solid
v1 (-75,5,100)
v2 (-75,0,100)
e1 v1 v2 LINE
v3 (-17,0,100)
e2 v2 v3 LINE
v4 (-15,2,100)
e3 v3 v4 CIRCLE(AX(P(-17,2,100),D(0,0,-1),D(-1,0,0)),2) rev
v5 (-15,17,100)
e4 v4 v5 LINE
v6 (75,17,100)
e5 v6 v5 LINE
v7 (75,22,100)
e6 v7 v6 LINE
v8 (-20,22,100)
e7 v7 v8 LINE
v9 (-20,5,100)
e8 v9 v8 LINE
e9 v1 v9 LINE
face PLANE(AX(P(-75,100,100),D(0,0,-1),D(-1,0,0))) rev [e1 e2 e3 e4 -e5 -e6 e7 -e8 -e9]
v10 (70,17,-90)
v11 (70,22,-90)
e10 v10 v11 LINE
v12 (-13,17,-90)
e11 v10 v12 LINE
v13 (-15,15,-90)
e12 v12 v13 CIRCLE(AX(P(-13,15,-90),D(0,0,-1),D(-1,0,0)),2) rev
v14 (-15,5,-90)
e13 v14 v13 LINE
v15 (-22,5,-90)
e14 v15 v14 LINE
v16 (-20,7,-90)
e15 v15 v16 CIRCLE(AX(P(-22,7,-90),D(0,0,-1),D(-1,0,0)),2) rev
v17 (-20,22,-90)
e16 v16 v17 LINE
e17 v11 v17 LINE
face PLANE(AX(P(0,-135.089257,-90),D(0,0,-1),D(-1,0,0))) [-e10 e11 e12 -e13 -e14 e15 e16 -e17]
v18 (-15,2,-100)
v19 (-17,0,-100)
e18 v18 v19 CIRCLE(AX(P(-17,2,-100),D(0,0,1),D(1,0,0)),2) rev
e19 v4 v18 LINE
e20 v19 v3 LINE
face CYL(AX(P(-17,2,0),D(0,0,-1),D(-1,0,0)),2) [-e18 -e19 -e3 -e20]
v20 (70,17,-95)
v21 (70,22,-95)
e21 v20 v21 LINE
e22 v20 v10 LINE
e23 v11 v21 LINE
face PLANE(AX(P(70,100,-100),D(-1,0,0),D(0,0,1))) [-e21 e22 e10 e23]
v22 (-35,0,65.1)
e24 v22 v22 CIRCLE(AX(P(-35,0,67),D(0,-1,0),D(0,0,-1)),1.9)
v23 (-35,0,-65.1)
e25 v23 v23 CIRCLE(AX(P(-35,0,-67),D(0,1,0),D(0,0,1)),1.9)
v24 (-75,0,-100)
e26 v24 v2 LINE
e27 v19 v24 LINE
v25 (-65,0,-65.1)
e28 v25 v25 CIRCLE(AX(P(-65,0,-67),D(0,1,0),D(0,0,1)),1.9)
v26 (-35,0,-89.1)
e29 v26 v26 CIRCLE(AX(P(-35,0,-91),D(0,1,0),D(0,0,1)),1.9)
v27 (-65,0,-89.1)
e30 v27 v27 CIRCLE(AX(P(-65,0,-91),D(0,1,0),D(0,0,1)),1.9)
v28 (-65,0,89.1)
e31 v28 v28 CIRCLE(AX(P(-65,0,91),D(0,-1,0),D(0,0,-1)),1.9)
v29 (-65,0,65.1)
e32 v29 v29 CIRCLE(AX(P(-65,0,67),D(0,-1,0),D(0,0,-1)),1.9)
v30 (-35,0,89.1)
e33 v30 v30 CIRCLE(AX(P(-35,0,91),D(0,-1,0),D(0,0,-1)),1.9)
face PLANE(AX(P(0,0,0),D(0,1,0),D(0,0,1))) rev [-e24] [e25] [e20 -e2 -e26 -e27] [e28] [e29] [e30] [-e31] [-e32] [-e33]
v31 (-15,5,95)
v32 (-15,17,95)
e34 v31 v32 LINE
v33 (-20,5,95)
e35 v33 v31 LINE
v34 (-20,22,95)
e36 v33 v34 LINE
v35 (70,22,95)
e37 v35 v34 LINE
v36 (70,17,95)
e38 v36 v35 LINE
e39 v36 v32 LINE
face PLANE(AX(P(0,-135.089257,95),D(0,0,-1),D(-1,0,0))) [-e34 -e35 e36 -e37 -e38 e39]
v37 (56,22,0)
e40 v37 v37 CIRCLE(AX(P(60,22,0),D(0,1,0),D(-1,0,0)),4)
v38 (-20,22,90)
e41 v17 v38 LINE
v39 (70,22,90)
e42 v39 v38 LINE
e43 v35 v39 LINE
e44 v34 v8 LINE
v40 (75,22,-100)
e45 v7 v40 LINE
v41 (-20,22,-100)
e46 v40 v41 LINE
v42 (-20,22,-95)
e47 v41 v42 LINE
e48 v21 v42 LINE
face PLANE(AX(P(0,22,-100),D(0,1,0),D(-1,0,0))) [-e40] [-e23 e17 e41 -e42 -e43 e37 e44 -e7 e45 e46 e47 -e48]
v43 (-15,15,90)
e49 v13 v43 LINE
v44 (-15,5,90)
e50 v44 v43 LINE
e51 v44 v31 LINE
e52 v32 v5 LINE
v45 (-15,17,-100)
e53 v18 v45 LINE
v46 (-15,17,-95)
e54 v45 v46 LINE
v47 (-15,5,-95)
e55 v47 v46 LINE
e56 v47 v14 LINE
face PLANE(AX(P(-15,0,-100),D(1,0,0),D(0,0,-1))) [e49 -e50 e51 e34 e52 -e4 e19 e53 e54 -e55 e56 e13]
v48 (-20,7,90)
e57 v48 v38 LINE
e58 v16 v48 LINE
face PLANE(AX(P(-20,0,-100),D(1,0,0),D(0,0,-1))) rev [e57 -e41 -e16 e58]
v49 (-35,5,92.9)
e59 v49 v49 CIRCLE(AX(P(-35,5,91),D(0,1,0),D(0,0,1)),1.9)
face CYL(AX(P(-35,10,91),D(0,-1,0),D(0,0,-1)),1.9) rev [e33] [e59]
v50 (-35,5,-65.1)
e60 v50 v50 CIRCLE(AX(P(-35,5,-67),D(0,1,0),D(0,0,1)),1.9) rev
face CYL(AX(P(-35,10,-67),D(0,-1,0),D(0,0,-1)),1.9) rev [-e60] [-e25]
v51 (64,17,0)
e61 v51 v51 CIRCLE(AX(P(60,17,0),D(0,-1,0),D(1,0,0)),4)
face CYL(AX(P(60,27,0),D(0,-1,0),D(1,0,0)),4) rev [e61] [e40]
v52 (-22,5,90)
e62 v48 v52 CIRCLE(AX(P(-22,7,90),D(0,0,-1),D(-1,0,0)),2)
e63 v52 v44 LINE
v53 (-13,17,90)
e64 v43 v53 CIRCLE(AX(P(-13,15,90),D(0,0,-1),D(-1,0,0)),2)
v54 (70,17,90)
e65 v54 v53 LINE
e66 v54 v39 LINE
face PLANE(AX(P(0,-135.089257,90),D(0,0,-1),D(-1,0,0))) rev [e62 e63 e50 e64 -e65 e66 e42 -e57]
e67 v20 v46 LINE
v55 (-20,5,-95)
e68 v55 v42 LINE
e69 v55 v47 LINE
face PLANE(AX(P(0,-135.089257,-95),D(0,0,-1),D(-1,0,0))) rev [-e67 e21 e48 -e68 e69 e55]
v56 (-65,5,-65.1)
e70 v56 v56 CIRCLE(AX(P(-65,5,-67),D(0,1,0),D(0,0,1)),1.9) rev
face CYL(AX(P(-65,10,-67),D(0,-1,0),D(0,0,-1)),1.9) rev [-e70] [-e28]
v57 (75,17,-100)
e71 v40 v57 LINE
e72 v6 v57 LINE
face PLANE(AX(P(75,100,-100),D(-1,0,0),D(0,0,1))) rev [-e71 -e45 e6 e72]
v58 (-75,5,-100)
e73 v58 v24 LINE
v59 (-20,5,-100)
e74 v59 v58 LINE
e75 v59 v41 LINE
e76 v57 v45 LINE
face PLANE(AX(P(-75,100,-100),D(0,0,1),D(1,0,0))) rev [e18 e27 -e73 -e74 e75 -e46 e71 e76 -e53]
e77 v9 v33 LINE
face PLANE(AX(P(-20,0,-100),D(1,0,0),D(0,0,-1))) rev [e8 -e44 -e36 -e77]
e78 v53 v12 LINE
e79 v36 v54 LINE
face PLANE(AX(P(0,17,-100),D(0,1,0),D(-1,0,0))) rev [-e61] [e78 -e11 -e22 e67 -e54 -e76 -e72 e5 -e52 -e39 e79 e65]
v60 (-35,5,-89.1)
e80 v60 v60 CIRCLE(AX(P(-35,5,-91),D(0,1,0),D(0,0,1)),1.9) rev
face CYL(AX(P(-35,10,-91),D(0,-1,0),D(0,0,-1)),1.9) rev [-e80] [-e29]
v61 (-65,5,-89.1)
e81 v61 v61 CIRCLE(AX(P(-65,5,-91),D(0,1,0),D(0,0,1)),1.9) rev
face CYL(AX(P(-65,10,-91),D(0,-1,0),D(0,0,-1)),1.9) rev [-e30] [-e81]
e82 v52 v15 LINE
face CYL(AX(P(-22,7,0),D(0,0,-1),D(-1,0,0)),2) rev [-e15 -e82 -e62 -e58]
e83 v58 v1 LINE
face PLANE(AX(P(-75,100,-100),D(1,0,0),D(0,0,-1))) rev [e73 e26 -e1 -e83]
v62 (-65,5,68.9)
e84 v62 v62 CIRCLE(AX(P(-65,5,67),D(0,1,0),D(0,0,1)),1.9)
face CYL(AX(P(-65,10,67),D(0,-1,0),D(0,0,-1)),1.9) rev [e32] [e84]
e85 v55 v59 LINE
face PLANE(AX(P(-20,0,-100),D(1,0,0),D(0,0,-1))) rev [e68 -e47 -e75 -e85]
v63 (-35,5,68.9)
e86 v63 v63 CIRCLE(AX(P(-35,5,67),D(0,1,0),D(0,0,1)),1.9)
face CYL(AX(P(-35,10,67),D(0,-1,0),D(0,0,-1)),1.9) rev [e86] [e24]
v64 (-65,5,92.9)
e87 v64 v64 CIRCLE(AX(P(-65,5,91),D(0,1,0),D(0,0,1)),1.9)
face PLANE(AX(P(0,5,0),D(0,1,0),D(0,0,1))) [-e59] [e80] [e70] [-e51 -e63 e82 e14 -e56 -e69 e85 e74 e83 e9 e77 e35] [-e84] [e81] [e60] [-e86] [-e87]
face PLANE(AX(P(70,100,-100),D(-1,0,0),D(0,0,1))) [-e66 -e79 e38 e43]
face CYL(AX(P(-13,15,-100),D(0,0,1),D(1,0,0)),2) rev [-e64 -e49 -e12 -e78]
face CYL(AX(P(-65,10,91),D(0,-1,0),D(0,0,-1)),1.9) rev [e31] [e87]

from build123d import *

# Parameters (mm, degrees)
SKETCH1_W           = 150
SKETCH1_H           = 200
BOSS_EXTRUDE1_DEPTH = 100
SHELL2_T            = -5
SKETCH5_R           = 1.9
CUT_EXTRUDE2_DEPTH  = 10
BOSS_EXTRUDE4_DEPTH = 200
SKETCH9_W           = 101.133931545
SKETCH9_H           = 31.996148617
CUT_EXTRUDE4_DEPTH  = 236.849528301
SKETCH10_R          = 4
CUT_EXTRUDE5_DEPTH  = 10
CUT_EXTRUDE7_REACH  = 162.078
SKETCH11_W          = 140
SKETCH11_H          = 5
SKETCH15_R          = 1.2
CUT_EXTRUDE11_DEPTH = 10
SKETCH36_W          = 60
SKETCH36_H          = 5
BOSS_EXTRUDE7_DEPTH = 10
SKETCH37_R          = 3.5
CUT_EXTRUDE15_DEPTH = 60
SKETCH38_R          = 5
CUT_EXTRUDE16_DEPTH = 70
SKETCH40_W          = 179.165652401
SKETCH40_H          = 85.135231114
SKETCH40_W_2        = 87.941982163
SKETCH40_H_2        = 17
CUT_EXTRUDE18_DEPTH = 236.849528301
FILLET1_R           = 2


with BuildPart() as part:
    # Sketch1 → Boss-Extrude1 (new body)
    with BuildSketch(Plane(origin=(0, 0, 0), x_dir=(1, 0, 0), z_dir=(0, 1, 0))):
        Rectangle(SKETCH1_W, SKETCH1_H)
    extrude(amount=BOSS_EXTRUDE1_DEPTH)

    # Shell2
    shell2_openings = [part.faces().sort_by_distance(p)[0] for p in [
        (0, 50, -100),
        (0, 50, 100),
    ]]
    offset(amount=SHELL2_T, openings=shell2_openings, kind=Kind.INTERSECTION)

    # Sketch5 → Cut-Extrude2 (cut)
    with BuildSketch(Plane.XZ):
        with Locations(Location((-65, 91, 0), (0, 0, 270))):
            Circle(SKETCH5_R)
        with Locations(Location((-35, 91, 0), (0, 0, 270))):
            Circle(SKETCH5_R)
        with Locations(Location((-65, 67, 0), (0, 0, 270))):
            Circle(SKETCH5_R)
        with Locations(Location((-35, 67, 0), (0, 0, 270))):
            Circle(SKETCH5_R)
    cut_extrude2 = extrude(amount=-CUT_EXTRUDE2_DEPTH, mode=Mode.SUBTRACT)

    # Mirror2: Cut-Extrude2 across plane
    add(cut_extrude2.mirror(Plane.XY), mode=Mode.SUBTRACT)

    # Sketch8 → Boss-Extrude4 (add, through all)
    with BuildSketch(Plane.XY.offset(100)):
        Polygon((-15, 17), (75, 17), (75, 22), (-20, 22), (-20, 0), (-15, 0), align=None)
    extrude(amount=-BOSS_EXTRUDE4_DEPTH)

    # Sketch9 → Cut-Extrude4 (cut, through all)
    with BuildSketch(Plane.XY.offset(100)):
        with Locations((35.566965773, 1.001925691)):
            Rectangle(SKETCH9_W, SKETCH9_H)
    extrude(amount=-CUT_EXTRUDE4_DEPTH, mode=Mode.SUBTRACT)

    # Sketch10 → Cut-Extrude5 (cut)
    with BuildSketch(Plane.XZ.offset(-17)):
        with Locations((60, 0)):
            Circle(SKETCH10_R)
    extrude(amount=-CUT_EXTRUDE5_DEPTH, mode=Mode.SUBTRACT)

    # Cut-Extrude7: up to this face of the body (flat: up to its plane)
    cut_extrude7_end = Plane(part.part.faces().sort_by_distance((-44.954220044, 5, 0))[0])
    # Sketch11 → Cut-Extrude7 (cut, up to the picked face)
    with BuildSketch(Plane(origin=(0, 100, 0), x_dir=(1, 0, 0), z_dir=(0, 1, 0)), mode=Mode.PRIVATE) as cut_extrude7_sk1:
        with Locations((0, -92.5)):
            Rectangle(SKETCH11_W, SKETCH11_H)
    cut_extrude7_tool1 = split(extrude(cut_extrude7_sk1.sketch, amount=-CUT_EXTRUDE7_REACH, mode=Mode.PRIVATE), bisect_by=cut_extrude7_end, keep=Keep.BOTH, mode=Mode.PRIVATE)
    cut_extrude7 = cut_extrude7_tool1.solids().sort_by(Axis((0, 100, 92.5), (0, -1, 0)))[0]
    add(cut_extrude7, mode=Mode.SUBTRACT)

    # Mirror3: Cut-Extrude7 across plane
    add(cut_extrude7.mirror(Plane.XY), mode=Mode.SUBTRACT)

    # Sketch15 → Cut-Extrude11 (cut)
    with BuildSketch(Plane(origin=(0, 100, 0), x_dir=(1, 0, 0), z_dir=(0, 1, 0))):
        with Locations(Location((50, 28, 0), (0, 0, 270))):
            Circle(SKETCH15_R)
        with Locations(Location((50, -28, 0), (0, 0, 270))):
            Circle(SKETCH15_R)
        with Locations(Location((-20, 20, 0), (0, 0, 270))):
            Circle(SKETCH15_R)
        with Locations(Location((-20, -20, 0), (0, 0, 270))):
            Circle(SKETCH15_R)
    extrude(amount=-CUT_EXTRUDE11_DEPTH, mode=Mode.SUBTRACT)

    # Sketch36 → Boss-Extrude7 (add)
    with BuildSketch(Plane.ZY.offset(-70)):
        with Locations((-13.202053215, 62.5)):
            Rectangle(SKETCH36_W, SKETCH36_H)
    boss_extrude7 = extrude(amount=BOSS_EXTRUDE7_DEPTH)

    # Mirror5: Boss-Extrude7 across plane
    add(boss_extrude7.mirror(Plane(origin=(0, 0, 0), x_dir=(0, 0, 1), z_dir=(1, 0, 0))))

    # Sketch37 → Cut-Extrude15 (cut)
    with BuildSketch(Plane(origin=(75, 0, 0), x_dir=(0, 0, -1), z_dir=(1, 0, 0))):
        with Locations((0, 75)):
            Circle(SKETCH37_R)
    extrude(amount=-CUT_EXTRUDE15_DEPTH, mode=Mode.SUBTRACT)

    # Sketch38 → Cut-Extrude16 (cut)
    with BuildSketch(Plane.ZY.offset(75)):
        with Locations((0, 80)):
            Circle(SKETCH38_R)
    extrude(amount=-CUT_EXTRUDE16_DEPTH, mode=Mode.SUBTRACT)

    # Sketch40 → Cut-Extrude18 (cut, through all)
    with BuildSketch(Plane.XY.offset(100)):
        with Locations((-9.51631739, 64.567615557)):
            Rectangle(SKETCH40_W, SKETCH40_H)
        with Locations((-63.970991082, 13.5)):
            Rectangle(SKETCH40_W_2, SKETCH40_H_2)
    extrude(amount=-CUT_EXTRUDE18_DEPTH, mode=Mode.SUBTRACT)

    # Fillet1
    fillet1_edges = [part.edges().sort_by_distance(p)[0] for p in [
        (-15, 0, 0),
        (-20, 5, 0),
        (-15, 17, 0),
    ]]
    fillet(fillet1_edges, radius=FILLET1_R)


solid = part.part
